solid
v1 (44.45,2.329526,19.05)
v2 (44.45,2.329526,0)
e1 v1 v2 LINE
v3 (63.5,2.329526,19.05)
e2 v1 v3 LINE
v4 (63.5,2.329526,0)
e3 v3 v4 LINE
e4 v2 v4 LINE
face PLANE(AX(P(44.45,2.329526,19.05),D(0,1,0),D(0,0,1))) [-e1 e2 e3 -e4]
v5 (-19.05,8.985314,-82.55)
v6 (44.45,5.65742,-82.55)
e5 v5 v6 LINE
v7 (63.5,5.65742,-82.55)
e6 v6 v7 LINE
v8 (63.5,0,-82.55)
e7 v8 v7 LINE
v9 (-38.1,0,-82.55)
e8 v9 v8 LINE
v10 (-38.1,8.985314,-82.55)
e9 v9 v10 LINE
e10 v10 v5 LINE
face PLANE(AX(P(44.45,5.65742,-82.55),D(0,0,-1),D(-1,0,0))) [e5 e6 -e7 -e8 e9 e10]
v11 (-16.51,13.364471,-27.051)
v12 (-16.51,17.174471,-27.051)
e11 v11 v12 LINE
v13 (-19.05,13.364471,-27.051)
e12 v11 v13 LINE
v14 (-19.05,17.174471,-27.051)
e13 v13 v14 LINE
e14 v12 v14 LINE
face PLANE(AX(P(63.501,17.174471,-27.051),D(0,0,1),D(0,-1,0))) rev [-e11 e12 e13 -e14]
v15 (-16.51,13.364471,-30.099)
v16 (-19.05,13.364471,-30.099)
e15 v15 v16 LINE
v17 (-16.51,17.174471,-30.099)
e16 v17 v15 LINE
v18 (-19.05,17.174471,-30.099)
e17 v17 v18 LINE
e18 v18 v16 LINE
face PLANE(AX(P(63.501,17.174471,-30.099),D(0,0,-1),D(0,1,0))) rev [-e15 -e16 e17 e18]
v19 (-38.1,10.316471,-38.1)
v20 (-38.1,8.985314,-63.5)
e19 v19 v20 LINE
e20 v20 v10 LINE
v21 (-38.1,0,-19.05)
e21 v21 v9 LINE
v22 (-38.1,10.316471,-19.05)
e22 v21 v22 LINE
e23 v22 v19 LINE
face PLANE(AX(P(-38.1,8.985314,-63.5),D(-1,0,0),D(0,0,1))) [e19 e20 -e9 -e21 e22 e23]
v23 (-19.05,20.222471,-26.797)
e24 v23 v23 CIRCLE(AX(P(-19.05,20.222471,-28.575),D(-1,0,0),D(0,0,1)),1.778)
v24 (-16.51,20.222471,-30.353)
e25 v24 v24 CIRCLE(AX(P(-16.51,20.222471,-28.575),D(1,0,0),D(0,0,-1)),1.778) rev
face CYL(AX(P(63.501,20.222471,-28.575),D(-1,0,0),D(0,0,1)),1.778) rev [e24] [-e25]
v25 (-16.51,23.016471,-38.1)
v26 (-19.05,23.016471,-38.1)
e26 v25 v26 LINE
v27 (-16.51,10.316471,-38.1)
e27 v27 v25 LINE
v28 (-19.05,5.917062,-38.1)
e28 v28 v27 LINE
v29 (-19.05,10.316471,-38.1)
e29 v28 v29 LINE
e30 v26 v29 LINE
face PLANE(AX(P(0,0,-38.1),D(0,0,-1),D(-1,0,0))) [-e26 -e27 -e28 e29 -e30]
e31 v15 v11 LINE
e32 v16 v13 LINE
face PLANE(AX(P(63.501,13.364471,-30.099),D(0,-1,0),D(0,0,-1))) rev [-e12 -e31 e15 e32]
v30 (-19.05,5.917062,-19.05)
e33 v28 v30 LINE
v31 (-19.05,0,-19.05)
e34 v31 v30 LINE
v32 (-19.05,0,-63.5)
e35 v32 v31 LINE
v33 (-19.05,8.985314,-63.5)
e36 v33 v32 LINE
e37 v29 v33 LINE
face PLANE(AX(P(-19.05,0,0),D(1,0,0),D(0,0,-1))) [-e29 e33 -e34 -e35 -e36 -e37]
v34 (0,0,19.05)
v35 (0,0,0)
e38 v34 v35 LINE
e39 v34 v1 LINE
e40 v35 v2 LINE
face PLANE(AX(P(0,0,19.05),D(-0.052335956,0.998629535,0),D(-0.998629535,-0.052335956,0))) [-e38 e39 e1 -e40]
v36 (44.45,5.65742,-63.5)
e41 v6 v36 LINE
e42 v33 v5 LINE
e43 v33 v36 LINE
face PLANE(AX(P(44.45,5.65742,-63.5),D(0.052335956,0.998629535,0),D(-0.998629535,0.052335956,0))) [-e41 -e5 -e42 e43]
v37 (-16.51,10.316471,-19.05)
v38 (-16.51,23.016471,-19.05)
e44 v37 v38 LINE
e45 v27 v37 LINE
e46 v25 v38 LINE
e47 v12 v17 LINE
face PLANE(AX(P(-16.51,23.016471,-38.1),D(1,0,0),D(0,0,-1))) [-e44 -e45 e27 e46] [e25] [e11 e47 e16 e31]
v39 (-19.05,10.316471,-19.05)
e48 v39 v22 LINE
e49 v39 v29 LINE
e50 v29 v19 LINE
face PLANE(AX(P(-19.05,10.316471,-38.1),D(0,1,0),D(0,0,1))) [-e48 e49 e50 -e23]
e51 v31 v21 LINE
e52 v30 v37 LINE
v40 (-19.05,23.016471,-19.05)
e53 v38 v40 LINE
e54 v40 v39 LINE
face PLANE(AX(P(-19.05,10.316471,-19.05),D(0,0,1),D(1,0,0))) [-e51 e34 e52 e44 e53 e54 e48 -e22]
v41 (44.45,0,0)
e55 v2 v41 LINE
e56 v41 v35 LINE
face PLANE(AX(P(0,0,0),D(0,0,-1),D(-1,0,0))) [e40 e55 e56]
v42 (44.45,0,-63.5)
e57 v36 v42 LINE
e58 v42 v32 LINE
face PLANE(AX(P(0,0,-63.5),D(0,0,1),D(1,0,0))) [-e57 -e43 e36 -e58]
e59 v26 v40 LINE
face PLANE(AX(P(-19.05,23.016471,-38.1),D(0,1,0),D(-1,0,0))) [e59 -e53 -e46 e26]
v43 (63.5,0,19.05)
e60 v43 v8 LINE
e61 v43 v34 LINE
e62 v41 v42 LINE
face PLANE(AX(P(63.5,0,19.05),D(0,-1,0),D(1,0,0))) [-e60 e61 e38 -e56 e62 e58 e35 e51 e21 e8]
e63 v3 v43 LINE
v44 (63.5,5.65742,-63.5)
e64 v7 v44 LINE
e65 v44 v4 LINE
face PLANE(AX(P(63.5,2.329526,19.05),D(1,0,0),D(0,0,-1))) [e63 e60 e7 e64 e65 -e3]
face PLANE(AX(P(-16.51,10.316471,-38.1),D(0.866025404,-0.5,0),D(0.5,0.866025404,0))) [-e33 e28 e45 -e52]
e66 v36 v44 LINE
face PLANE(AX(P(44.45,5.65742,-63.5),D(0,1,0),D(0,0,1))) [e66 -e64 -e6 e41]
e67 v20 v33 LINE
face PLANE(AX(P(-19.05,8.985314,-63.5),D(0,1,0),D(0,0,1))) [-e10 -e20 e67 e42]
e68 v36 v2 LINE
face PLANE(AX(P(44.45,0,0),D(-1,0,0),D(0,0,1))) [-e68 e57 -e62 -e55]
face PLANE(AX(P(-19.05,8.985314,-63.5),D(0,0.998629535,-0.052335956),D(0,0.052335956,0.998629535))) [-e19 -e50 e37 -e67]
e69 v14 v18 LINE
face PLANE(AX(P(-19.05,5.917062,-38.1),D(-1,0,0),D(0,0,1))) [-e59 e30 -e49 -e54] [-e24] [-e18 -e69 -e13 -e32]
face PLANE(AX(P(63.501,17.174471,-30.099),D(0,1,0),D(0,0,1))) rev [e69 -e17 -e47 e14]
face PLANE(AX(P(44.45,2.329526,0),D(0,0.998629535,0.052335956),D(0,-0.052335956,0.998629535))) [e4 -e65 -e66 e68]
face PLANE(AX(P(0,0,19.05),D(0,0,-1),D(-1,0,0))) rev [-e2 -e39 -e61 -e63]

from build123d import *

# Parameters (mm, degrees)
BOSS_EXTRUDE1_DEPTH  = 19.05
BOSS_EXTRUDE2_DEPTH  = 19.05
BOSS_EXTRUDE3_DEPTH  = 19.05
BOSS_EXTRUDE4_DEPTH  = 19.05
BOSS_EXTRUDE13_DEPTH = 19.05
CUT_EXTRUDE1_REACH   = 84.55
SKETCH14_R           = 1.778
SKETCH14_W           = 3.048
SKETCH14_H           = 3.81


with BuildPart() as part:
    # Sketch1 → Boss-Extrude1 (new body)
    with BuildSketch(Plane.XY):
        Polygon((0, 0), (44.45, 2.329525789), (63.5, 2.329525789), (63.5, 0), align=None)
    extrude(amount=BOSS_EXTRUDE1_DEPTH)

    # Sketch2 → Boss-Extrude2 (add)
    with BuildSketch(Plane(origin=(63.5, 0, 0), x_dir=(0, 0, -1), z_dir=(1, 0, 0))):
        Polygon((0, 0), (0, 2.329525789), (63.5, 5.657419774), (82.55, 5.657419774), (82.55, 0), align=None)
    extrude(amount=-BOSS_EXTRUDE2_DEPTH)

    # Sketch3 → Boss-Extrude3 (add)
    with BuildSketch(Plane(origin=(0, 0, -82.55), x_dir=(-1, 0, 0), z_dir=(0, 0, -1))):
        Polygon((-44.45, 0), (-44.45, 5.657419774), (19.05, 8.985313758), (38.1, 8.985313758), (38.1, 0), align=None)
    extrude(amount=-BOSS_EXTRUDE3_DEPTH)

    # Sketch4 → Boss-Extrude4 (add)
    with BuildSketch(Plane.ZY.offset(38.1)):
        Polygon((-63.5, 8.985313758), (-38.1, 10.316471352), (-19.05, 10.316471352), (-19.05, 0), (-63.5, 0), align=None)
    extrude(amount=-BOSS_EXTRUDE4_DEPTH)

    # Sketch13 → Boss-Extrude13 (add)
    with BuildSketch(Plane.XY.offset(-19.05)):
        Polygon((-19.05, 5.917062301), (-19.05, 23.016471352), (-16.51, 23.016471352), (-16.51, 10.316471352), align=None)
    extrude(amount=-BOSS_EXTRUDE13_DEPTH)

    # Sketch14 → Cut-Extrude1 (cut, up to next)
    with BuildSketch(Plane.ZY.offset(19.05), mode=Mode.PRIVATE) as cut_extrude1_sk1:
        with Locations((-28.575, 20.222471352)):
            Circle(SKETCH14_R)
    cut_extrude1_tool1 = extrude(cut_extrude1_sk1.sketch, amount=-CUT_EXTRUDE1_REACH, mode=Mode.PRIVATE) & part.part
    add(cut_extrude1_tool1.solids().sort_by_distance((-19.05, 20.222471, -28.575))[0], mode=Mode.SUBTRACT)
    # Sketch14 → Cut-Extrude1 (cut, up to next)
    with BuildSketch(Plane.ZY.offset(19.05), mode=Mode.PRIVATE) as cut_extrude1_sk2:
        with Locations((-28.575, 15.269471352)):
            Rectangle(SKETCH14_W, SKETCH14_H)
    cut_extrude1_tool2 = extrude(cut_extrude1_sk2.sketch, amount=-CUT_EXTRUDE1_REACH, mode=Mode.PRIVATE) & part.part
    add(cut_extrude1_tool2.solids().sort_by_distance((-19.05, 15.269471, -28.575))[0], mode=Mode.SUBTRACT)


solid = part.part
